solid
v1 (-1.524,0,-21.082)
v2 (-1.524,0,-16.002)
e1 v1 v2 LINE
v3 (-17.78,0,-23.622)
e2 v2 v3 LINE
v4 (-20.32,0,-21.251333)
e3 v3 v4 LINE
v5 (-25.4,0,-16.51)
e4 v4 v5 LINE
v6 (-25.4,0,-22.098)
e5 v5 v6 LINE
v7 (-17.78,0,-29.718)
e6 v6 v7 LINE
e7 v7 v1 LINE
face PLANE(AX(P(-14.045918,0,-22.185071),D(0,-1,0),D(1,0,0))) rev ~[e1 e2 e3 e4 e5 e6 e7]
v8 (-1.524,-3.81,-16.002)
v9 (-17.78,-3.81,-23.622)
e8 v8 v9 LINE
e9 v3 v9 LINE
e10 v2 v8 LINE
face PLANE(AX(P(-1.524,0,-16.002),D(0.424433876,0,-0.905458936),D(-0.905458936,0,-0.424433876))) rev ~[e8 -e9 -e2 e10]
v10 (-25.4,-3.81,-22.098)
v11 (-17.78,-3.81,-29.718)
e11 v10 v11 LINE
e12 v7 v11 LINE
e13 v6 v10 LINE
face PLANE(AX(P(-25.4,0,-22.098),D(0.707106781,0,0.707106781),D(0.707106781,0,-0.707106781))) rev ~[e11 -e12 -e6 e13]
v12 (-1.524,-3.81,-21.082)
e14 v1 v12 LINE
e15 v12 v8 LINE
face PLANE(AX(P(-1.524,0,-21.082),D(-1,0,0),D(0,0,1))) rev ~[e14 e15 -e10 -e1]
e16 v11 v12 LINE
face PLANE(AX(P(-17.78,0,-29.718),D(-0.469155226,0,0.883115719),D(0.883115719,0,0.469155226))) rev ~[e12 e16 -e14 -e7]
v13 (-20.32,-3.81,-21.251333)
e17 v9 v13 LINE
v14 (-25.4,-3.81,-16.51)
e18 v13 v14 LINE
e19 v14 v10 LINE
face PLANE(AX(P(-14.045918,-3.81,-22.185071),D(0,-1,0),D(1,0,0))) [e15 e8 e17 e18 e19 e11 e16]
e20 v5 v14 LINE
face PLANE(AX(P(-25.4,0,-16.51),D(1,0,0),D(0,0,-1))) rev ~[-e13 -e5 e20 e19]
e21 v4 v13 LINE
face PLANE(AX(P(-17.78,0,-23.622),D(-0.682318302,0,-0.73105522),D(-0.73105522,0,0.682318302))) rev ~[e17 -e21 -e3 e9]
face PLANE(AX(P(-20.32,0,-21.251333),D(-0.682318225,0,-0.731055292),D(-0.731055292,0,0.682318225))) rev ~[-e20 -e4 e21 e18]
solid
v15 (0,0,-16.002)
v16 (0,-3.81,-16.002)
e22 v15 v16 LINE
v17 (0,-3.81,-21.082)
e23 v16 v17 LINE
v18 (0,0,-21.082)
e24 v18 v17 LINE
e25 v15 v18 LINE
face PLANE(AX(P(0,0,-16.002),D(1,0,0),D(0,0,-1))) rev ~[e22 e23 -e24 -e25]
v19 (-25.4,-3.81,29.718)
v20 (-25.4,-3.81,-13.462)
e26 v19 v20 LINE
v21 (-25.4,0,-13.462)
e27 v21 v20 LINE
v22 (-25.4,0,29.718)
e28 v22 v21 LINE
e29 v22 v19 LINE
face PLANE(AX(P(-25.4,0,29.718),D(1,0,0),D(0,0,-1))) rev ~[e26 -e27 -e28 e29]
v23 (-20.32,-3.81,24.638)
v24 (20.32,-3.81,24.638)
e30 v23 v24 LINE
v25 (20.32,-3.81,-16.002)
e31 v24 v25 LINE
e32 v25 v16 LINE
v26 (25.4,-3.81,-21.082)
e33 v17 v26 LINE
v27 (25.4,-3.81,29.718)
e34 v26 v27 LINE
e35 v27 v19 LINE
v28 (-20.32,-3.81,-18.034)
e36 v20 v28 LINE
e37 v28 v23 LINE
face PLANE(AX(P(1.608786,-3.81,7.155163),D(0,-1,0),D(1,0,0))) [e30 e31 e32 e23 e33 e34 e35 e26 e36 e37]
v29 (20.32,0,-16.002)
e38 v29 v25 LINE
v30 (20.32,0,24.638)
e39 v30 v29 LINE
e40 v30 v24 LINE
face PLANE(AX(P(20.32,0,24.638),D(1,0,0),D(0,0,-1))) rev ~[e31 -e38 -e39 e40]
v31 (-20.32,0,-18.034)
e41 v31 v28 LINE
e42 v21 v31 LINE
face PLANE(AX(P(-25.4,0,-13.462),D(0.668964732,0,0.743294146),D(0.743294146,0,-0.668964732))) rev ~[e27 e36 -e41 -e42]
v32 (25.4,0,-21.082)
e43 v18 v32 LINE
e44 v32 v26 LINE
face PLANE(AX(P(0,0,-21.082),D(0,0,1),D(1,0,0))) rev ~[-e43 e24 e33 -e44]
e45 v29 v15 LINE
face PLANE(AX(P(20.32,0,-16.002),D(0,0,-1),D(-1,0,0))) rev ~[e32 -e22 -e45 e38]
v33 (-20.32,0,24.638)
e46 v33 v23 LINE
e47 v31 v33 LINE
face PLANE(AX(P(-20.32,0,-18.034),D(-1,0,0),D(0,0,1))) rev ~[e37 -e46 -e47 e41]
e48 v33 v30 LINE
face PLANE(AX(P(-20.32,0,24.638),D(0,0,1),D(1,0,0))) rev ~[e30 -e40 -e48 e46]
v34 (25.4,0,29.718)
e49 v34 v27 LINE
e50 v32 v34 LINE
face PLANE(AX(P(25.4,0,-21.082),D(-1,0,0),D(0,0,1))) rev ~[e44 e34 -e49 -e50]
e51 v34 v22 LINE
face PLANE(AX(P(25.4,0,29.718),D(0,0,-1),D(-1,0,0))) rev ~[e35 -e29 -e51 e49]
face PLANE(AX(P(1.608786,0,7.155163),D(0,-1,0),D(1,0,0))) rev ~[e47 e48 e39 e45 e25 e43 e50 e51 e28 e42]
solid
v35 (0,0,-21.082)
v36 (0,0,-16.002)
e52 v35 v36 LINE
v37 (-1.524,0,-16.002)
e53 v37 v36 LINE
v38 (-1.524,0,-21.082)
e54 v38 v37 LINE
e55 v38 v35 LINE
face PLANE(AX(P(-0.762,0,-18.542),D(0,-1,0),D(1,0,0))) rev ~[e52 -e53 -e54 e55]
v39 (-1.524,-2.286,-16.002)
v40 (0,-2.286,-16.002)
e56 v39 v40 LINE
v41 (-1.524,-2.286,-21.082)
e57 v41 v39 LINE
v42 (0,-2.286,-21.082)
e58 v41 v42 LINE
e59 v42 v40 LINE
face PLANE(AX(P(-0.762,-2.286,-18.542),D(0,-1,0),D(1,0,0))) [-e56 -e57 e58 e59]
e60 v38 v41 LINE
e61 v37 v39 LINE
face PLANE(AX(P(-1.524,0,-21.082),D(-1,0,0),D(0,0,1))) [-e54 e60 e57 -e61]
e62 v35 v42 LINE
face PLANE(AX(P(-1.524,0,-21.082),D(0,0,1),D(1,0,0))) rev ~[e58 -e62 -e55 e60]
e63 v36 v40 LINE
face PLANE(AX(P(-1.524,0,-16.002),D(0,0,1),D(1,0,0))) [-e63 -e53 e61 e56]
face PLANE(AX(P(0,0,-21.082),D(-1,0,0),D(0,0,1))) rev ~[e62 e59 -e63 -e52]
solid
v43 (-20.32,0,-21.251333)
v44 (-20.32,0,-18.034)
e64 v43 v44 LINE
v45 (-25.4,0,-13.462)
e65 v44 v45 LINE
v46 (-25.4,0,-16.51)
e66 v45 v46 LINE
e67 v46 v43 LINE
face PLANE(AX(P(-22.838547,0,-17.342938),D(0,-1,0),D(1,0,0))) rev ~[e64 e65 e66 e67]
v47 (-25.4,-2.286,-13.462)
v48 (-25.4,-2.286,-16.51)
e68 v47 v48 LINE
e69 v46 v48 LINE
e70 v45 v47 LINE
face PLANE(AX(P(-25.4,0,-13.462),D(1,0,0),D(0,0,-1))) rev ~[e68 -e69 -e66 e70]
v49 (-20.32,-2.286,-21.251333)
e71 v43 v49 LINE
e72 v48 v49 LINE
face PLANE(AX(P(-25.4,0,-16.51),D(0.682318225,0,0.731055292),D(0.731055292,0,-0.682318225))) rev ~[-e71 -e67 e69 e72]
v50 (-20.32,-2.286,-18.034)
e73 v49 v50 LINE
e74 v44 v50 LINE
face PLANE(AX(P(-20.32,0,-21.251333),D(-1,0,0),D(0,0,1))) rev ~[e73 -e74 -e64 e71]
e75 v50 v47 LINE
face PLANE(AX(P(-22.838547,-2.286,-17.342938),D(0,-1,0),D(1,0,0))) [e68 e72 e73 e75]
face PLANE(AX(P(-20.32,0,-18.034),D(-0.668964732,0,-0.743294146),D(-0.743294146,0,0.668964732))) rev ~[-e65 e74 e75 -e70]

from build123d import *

# Parameters (mm, degrees)
F1_DEPTH = 3.81
F0_W     = 1.524
F0_H     = 5.08
F2_DEPTH = 2.286


with BuildPart() as f1:
    # F0 (on Front) → F1 (new body)
    with BuildSketch(Plane.XZ):
        Polygon((25.4, 29.718), (-25.4, 29.718), (-25.4, -13.462), (-20.32, -18.034), (-20.32, 24.638), (20.32, 24.638), (20.32, -16.002), (0, -16.002), (0, -21.082), (25.4, -21.082), align=None)
        Polygon((-20.32, -21.251333), (-25.4, -16.51), (-25.4, -22.098), (-17.78, -29.718), (-1.524, -21.082), (-1.524, -16.002), (-17.78, -23.622), align=None)
    extrude(amount=F1_DEPTH)


with BuildPart() as f2:
    # F0 (on Front) → F2 (new body)
    with BuildSketch(Plane.XZ):
        Polygon((-20.32, -18.034), (-25.4, -13.462), (-25.4, -16.51), (-20.32, -21.251333), align=None)
        with Locations((-0.762, -18.542)):
            Rectangle(F0_W, F0_H)
    extrude(amount=F2_DEPTH)


solid = Compound([f1.part, f2.part])
